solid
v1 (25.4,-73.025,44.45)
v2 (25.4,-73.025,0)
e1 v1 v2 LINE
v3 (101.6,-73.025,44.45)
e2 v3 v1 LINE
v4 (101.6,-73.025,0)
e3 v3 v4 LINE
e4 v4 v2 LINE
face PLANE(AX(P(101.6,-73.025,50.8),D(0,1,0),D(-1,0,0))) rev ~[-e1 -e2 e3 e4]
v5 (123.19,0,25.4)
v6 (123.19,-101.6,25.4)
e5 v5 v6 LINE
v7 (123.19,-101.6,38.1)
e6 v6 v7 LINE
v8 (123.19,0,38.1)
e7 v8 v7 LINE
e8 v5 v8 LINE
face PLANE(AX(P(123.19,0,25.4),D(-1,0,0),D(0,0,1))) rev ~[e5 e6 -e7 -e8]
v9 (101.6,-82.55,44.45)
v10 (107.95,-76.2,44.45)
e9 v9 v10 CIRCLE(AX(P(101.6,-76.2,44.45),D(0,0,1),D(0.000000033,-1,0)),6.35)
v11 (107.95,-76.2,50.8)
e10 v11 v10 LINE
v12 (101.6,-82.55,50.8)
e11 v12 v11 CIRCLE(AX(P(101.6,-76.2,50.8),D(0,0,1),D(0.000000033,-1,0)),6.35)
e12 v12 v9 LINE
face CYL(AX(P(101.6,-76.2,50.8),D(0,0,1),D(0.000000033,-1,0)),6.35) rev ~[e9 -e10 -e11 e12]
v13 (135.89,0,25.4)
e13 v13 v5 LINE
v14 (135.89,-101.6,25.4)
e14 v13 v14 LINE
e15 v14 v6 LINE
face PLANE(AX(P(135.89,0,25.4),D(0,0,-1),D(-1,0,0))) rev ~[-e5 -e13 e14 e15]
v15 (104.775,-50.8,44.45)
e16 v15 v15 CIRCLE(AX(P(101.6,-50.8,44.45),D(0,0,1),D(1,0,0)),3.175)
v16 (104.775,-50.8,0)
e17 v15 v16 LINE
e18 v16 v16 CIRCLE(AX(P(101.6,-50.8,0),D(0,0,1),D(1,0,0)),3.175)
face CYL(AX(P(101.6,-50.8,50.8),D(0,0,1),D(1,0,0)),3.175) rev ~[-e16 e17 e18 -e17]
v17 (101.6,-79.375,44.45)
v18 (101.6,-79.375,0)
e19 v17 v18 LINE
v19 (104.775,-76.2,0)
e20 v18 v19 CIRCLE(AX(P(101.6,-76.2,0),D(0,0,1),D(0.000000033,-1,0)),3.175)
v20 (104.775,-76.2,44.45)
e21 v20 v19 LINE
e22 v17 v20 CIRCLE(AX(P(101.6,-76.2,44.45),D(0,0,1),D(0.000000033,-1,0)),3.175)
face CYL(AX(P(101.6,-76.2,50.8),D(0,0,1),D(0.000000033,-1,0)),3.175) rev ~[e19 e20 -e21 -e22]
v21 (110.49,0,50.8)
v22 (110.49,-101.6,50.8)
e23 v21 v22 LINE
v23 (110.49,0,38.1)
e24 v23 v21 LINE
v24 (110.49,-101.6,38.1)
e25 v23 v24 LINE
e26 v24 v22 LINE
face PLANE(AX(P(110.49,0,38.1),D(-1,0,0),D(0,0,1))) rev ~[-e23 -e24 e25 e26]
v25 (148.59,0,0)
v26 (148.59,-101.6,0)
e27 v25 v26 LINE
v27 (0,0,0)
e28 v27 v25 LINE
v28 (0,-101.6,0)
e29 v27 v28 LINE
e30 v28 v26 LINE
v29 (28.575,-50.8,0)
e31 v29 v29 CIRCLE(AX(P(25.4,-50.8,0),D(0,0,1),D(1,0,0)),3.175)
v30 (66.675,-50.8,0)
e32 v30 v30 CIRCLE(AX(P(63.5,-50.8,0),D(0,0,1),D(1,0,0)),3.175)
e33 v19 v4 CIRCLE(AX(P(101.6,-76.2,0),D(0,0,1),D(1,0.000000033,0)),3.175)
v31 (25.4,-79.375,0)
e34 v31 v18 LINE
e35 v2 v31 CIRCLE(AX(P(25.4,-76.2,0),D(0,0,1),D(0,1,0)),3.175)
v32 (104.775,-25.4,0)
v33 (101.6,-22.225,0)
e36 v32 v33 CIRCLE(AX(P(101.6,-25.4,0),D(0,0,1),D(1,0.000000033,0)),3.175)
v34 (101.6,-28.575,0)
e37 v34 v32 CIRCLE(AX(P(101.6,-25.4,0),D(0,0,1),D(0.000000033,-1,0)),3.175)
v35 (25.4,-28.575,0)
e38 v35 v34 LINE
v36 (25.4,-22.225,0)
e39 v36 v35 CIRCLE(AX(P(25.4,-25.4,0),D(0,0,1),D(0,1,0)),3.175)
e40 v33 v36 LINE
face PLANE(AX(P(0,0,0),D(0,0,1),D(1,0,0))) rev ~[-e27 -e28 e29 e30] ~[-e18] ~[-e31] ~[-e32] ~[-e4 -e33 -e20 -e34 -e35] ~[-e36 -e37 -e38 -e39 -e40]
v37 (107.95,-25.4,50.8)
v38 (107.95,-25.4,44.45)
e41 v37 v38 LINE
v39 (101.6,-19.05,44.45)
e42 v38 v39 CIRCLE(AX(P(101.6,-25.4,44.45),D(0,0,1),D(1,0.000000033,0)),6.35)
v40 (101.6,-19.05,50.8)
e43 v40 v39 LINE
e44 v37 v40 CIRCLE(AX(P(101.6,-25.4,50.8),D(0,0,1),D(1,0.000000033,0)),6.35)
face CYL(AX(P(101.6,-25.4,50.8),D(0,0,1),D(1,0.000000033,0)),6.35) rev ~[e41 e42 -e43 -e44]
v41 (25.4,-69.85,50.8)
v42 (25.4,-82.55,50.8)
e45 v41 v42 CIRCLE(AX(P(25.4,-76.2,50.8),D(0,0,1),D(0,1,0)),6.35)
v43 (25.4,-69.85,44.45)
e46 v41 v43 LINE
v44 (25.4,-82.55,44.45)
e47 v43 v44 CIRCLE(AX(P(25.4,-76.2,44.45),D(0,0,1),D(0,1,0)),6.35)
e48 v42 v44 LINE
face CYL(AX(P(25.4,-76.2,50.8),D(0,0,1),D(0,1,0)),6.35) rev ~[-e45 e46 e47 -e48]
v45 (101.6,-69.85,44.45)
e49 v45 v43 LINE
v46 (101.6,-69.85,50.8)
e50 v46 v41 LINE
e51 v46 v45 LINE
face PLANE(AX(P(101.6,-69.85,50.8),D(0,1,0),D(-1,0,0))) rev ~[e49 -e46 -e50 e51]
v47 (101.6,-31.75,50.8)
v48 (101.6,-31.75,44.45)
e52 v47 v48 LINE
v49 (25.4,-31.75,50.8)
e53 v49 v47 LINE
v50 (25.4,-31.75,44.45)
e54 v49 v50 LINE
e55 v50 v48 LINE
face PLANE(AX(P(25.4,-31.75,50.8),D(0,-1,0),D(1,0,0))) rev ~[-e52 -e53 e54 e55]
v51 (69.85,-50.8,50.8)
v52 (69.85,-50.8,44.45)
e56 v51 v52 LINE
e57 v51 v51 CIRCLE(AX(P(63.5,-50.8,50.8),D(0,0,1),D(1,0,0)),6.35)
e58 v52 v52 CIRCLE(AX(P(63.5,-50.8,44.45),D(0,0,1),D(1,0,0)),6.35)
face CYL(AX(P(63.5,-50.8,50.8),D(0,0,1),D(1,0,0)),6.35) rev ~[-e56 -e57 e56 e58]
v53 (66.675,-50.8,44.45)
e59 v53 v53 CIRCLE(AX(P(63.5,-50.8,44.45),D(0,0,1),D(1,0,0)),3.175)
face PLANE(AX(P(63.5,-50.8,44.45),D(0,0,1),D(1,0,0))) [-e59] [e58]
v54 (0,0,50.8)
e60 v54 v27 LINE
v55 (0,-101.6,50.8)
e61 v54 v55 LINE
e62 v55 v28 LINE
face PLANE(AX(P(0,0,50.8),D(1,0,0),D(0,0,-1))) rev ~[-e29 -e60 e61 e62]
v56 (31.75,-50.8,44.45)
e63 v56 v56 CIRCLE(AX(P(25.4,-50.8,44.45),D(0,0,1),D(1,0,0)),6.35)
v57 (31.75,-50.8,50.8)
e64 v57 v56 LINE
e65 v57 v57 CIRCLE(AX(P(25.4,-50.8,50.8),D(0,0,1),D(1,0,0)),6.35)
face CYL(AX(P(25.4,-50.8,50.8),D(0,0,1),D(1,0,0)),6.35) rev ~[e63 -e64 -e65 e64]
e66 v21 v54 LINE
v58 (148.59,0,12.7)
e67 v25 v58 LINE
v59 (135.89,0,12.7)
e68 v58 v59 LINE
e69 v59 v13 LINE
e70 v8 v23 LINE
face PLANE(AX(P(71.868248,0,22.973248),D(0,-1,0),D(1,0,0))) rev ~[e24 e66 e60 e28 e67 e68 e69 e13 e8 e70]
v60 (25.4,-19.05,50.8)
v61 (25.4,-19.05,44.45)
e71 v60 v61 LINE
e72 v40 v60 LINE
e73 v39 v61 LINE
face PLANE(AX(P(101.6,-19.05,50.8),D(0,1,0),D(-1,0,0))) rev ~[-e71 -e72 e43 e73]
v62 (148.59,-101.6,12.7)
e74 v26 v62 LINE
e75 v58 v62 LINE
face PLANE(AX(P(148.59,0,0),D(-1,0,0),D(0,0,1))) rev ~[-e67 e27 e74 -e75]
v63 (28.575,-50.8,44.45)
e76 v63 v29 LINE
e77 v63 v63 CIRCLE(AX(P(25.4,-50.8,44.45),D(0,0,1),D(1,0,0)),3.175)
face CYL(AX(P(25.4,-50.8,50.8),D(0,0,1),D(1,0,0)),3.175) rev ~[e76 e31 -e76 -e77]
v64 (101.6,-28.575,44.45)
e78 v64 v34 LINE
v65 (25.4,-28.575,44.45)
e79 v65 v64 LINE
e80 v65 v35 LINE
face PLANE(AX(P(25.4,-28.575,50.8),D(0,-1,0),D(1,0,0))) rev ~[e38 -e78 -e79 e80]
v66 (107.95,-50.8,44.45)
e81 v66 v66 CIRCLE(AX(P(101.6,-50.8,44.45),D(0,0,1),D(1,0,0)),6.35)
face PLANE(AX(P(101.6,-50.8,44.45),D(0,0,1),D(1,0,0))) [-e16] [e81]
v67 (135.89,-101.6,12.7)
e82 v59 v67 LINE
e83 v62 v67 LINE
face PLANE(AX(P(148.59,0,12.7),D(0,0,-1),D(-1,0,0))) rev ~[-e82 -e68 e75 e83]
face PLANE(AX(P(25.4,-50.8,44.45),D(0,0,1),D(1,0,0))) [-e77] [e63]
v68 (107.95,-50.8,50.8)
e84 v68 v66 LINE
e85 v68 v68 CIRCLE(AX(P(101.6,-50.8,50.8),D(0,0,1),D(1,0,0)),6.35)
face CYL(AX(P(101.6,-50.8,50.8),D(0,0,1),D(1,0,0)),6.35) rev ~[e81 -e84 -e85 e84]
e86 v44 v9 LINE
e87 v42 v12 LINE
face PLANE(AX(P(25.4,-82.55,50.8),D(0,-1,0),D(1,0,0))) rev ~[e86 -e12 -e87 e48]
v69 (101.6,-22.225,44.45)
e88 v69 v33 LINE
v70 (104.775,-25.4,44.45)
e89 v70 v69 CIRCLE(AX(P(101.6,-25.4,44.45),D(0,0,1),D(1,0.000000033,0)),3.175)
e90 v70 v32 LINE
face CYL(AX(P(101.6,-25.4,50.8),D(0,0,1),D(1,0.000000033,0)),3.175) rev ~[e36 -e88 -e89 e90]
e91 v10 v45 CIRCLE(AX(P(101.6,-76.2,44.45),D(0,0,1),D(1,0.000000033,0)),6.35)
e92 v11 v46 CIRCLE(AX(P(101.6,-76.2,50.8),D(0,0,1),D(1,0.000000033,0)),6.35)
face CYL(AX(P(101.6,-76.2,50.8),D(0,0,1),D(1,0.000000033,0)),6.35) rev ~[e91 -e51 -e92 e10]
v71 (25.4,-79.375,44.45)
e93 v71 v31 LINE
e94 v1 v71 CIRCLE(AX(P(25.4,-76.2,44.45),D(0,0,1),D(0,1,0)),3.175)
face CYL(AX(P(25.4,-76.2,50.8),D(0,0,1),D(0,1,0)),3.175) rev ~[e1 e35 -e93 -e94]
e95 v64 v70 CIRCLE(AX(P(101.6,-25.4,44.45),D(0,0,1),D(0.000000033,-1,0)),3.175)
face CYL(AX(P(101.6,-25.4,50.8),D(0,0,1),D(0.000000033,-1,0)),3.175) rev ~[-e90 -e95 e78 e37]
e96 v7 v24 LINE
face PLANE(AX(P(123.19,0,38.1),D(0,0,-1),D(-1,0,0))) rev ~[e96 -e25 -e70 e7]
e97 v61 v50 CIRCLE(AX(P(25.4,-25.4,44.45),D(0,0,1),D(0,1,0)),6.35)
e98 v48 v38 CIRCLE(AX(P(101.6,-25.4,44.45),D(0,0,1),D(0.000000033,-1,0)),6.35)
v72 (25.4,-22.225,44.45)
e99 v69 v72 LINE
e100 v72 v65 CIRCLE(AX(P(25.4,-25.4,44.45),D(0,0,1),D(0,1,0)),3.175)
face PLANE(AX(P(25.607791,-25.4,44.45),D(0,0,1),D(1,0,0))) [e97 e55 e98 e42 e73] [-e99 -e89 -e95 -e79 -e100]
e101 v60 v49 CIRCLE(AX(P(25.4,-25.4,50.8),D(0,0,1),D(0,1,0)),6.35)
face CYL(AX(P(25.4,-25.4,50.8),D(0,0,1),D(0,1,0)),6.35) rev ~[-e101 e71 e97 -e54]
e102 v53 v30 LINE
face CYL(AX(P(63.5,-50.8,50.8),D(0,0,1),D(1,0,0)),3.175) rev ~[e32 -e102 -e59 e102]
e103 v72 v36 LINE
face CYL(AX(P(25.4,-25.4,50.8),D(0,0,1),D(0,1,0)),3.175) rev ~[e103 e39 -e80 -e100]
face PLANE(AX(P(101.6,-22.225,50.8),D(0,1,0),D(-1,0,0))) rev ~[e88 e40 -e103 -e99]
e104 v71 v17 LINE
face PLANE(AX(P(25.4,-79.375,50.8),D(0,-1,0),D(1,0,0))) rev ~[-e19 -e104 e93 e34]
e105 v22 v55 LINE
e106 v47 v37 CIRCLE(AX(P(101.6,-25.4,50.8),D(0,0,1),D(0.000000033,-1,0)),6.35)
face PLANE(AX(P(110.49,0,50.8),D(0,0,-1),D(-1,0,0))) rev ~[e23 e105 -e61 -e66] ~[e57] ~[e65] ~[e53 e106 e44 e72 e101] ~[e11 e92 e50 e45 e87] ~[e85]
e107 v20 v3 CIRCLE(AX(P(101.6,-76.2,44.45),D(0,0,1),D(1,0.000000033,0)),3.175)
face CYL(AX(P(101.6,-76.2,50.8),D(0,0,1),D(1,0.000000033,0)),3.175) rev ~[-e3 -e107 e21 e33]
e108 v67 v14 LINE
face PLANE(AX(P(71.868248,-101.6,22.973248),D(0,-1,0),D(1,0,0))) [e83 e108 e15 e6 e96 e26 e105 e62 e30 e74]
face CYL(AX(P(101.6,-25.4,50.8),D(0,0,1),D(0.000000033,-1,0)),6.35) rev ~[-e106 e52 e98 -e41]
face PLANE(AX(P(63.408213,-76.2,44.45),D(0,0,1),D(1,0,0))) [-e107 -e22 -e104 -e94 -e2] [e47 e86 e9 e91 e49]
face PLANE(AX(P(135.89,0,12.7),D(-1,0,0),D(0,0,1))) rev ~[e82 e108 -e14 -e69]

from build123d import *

# Parameters (mm, degrees)
F1_DEPTH = 101.6
F3_DEPTH = 6.35
F4_R     = 3.175
F5_DEPTH = 50.801
F6_R     = 6.35
F7_DEPTH = 6.35


with BuildPart() as f1:
    # F0 (on Front) → F1 (new body)
    with BuildSketch(Plane.XZ):
        Polygon((0, 50.8), (0, 0), (148.59, 0), (148.59, 12.7), (135.89, 12.7), (135.89, 25.4), (123.19, 25.4), (123.19, 38.1), (110.49, 38.1), (110.49, 50.8), align=None)
    extrude(amount=F1_DEPTH)

    # F2 (on face) → F3 (cut)
    with BuildSketch(Plane.XY.offset(50.8)):
        with BuildLine():
            ThreePointArc((25.4, -31.75), (29.890128, -29.890128), (31.75, -25.4))
            ThreePointArc((31.75, -25.4), (29.890128, -20.909872), (25.4, -19.05))
            ThreePointArc((25.4, -19.05), (19.05, -25.4), (25.4, -31.75))
        make_face()
        with BuildLine():
            ThreePointArc((25.4, -19.05), (29.890128, -20.909872), (31.75, -25.4))
            ThreePointArc((31.75, -25.4), (29.890128, -29.890128), (25.4, -31.75))
            Line((25.4, -31.75), (101.6, -31.75))
            ThreePointArc((101.6, -31.75), (95.25, -25.4), (101.6, -19.05))
            Line((101.6, -19.05), (25.4, -19.05))
        make_face()
        with BuildLine():
            ThreePointArc((107.95, -25.4), (106.090128, -20.909872), (101.6, -19.05))
            ThreePointArc((101.6, -19.05), (95.25, -25.4), (101.6, -31.75))
            ThreePointArc((101.6, -31.75), (106.090128, -29.890128), (107.95, -25.4))
        make_face()
        with BuildLine():
            ThreePointArc((31.75, -76.2), (29.890128, -80.690128), (25.4, -82.55))
            Line((25.4, -82.55), (101.6, -82.55))
            ThreePointArc((101.6, -82.55), (95.25, -76.2), (101.6, -69.85))
            Line((101.6, -69.85), (25.4, -69.85))
            ThreePointArc((25.4, -69.85), (29.890128, -71.709872), (31.75, -76.2))
        make_face()
        with BuildLine():
            ThreePointArc((25.4, -69.85), (19.05, -76.2), (25.4, -82.55))
            ThreePointArc((25.4, -82.55), (29.890128, -80.690128), (31.75, -76.2))
            ThreePointArc((31.75, -76.2), (29.890128, -71.709872), (25.4, -69.85))
        make_face()
        with BuildLine():
            ThreePointArc((101.6, -69.85), (95.25, -76.2), (101.6, -82.55))
            ThreePointArc((101.6, -82.55), (106.090128, -80.690128), (107.95, -76.2))
            ThreePointArc((107.95, -76.2), (106.090128, -71.709872), (101.6, -69.85))
        make_face()
    extrude(amount=-F3_DEPTH, mode=Mode.SUBTRACT)

    # F4 (on face) → F5 (cut, through all)
    with BuildSketch(Plane.XY.offset(50.8)):
        with Locations((101.6, -50.8)):
            Circle(F4_R)
        with Locations((63.5, -50.8)):
            Circle(F4_R)
        with BuildLine():
            ThreePointArc((25.4, -28.575), (27.645064, -27.645064), (28.575, -25.4))
            ThreePointArc((28.575, -25.4), (27.645064, -23.154936), (25.4, -22.225))
            ThreePointArc((25.4, -22.225), (22.225, -25.4), (25.4, -28.575))
        make_face()
        with BuildLine():
            ThreePointArc((25.4, -22.225), (27.645064, -23.154936), (28.575, -25.4))
            ThreePointArc((28.575, -25.4), (27.645064, -27.645064), (25.4, -28.575))
            Line((25.4, -28.575), (101.6, -28.575))
            ThreePointArc((101.6, -28.575), (98.425, -25.4), (101.6, -22.225))
            Line((101.6, -22.225), (25.4, -22.225))
        make_face()
        with BuildLine():
            ThreePointArc((104.775, -25.4), (103.845064, -23.154936), (101.6, -22.225))
            ThreePointArc((101.6, -22.225), (98.425, -25.4), (101.6, -28.575))
            ThreePointArc((101.6, -28.575), (103.845064, -27.645064), (104.775, -25.4))
        make_face()
        with Locations((25.4, -50.8)):
            Circle(F4_R)
        with BuildLine():
            ThreePointArc((25.4, -79.375), (27.645064, -78.445064), (28.575, -76.2))
            ThreePointArc((28.575, -76.2), (27.645064, -73.954936), (25.4, -73.025))
            ThreePointArc((25.4, -73.025), (22.225, -76.2), (25.4, -79.375))
        make_face()
        with BuildLine():
            ThreePointArc((25.4, -73.025), (27.645064, -73.954936), (28.575, -76.2))
            ThreePointArc((28.575, -76.2), (27.645064, -78.445064), (25.4, -79.375))
            Line((25.4, -79.375), (101.6, -79.375))
            ThreePointArc((101.6, -79.375), (98.425, -76.2), (101.6, -73.025))
            Line((101.6, -73.025), (25.4, -73.025))
        make_face()
        with BuildLine():
            ThreePointArc((104.775, -76.2), (103.845064, -73.954936), (101.6, -73.025))
            ThreePointArc((101.6, -73.025), (98.425, -76.2), (101.6, -79.375))
            ThreePointArc((101.6, -79.375), (103.845064, -78.445064), (104.775, -76.2))
        make_face()
    extrude(amount=-F5_DEPTH, mode=Mode.SUBTRACT)

    # F6 (on face) → F7 (cut)
    with BuildSketch(Plane.XY.offset(50.8)):
        with Locations((101.6, -50.8)):
            Circle(F6_R)
        with Locations((63.5, -50.8)):
            Circle(F6_R)
        with Locations((25.4, -50.8)):
            Circle(F6_R)
    extrude(amount=-F7_DEPTH, mode=Mode.SUBTRACT)


solid = f1.part
